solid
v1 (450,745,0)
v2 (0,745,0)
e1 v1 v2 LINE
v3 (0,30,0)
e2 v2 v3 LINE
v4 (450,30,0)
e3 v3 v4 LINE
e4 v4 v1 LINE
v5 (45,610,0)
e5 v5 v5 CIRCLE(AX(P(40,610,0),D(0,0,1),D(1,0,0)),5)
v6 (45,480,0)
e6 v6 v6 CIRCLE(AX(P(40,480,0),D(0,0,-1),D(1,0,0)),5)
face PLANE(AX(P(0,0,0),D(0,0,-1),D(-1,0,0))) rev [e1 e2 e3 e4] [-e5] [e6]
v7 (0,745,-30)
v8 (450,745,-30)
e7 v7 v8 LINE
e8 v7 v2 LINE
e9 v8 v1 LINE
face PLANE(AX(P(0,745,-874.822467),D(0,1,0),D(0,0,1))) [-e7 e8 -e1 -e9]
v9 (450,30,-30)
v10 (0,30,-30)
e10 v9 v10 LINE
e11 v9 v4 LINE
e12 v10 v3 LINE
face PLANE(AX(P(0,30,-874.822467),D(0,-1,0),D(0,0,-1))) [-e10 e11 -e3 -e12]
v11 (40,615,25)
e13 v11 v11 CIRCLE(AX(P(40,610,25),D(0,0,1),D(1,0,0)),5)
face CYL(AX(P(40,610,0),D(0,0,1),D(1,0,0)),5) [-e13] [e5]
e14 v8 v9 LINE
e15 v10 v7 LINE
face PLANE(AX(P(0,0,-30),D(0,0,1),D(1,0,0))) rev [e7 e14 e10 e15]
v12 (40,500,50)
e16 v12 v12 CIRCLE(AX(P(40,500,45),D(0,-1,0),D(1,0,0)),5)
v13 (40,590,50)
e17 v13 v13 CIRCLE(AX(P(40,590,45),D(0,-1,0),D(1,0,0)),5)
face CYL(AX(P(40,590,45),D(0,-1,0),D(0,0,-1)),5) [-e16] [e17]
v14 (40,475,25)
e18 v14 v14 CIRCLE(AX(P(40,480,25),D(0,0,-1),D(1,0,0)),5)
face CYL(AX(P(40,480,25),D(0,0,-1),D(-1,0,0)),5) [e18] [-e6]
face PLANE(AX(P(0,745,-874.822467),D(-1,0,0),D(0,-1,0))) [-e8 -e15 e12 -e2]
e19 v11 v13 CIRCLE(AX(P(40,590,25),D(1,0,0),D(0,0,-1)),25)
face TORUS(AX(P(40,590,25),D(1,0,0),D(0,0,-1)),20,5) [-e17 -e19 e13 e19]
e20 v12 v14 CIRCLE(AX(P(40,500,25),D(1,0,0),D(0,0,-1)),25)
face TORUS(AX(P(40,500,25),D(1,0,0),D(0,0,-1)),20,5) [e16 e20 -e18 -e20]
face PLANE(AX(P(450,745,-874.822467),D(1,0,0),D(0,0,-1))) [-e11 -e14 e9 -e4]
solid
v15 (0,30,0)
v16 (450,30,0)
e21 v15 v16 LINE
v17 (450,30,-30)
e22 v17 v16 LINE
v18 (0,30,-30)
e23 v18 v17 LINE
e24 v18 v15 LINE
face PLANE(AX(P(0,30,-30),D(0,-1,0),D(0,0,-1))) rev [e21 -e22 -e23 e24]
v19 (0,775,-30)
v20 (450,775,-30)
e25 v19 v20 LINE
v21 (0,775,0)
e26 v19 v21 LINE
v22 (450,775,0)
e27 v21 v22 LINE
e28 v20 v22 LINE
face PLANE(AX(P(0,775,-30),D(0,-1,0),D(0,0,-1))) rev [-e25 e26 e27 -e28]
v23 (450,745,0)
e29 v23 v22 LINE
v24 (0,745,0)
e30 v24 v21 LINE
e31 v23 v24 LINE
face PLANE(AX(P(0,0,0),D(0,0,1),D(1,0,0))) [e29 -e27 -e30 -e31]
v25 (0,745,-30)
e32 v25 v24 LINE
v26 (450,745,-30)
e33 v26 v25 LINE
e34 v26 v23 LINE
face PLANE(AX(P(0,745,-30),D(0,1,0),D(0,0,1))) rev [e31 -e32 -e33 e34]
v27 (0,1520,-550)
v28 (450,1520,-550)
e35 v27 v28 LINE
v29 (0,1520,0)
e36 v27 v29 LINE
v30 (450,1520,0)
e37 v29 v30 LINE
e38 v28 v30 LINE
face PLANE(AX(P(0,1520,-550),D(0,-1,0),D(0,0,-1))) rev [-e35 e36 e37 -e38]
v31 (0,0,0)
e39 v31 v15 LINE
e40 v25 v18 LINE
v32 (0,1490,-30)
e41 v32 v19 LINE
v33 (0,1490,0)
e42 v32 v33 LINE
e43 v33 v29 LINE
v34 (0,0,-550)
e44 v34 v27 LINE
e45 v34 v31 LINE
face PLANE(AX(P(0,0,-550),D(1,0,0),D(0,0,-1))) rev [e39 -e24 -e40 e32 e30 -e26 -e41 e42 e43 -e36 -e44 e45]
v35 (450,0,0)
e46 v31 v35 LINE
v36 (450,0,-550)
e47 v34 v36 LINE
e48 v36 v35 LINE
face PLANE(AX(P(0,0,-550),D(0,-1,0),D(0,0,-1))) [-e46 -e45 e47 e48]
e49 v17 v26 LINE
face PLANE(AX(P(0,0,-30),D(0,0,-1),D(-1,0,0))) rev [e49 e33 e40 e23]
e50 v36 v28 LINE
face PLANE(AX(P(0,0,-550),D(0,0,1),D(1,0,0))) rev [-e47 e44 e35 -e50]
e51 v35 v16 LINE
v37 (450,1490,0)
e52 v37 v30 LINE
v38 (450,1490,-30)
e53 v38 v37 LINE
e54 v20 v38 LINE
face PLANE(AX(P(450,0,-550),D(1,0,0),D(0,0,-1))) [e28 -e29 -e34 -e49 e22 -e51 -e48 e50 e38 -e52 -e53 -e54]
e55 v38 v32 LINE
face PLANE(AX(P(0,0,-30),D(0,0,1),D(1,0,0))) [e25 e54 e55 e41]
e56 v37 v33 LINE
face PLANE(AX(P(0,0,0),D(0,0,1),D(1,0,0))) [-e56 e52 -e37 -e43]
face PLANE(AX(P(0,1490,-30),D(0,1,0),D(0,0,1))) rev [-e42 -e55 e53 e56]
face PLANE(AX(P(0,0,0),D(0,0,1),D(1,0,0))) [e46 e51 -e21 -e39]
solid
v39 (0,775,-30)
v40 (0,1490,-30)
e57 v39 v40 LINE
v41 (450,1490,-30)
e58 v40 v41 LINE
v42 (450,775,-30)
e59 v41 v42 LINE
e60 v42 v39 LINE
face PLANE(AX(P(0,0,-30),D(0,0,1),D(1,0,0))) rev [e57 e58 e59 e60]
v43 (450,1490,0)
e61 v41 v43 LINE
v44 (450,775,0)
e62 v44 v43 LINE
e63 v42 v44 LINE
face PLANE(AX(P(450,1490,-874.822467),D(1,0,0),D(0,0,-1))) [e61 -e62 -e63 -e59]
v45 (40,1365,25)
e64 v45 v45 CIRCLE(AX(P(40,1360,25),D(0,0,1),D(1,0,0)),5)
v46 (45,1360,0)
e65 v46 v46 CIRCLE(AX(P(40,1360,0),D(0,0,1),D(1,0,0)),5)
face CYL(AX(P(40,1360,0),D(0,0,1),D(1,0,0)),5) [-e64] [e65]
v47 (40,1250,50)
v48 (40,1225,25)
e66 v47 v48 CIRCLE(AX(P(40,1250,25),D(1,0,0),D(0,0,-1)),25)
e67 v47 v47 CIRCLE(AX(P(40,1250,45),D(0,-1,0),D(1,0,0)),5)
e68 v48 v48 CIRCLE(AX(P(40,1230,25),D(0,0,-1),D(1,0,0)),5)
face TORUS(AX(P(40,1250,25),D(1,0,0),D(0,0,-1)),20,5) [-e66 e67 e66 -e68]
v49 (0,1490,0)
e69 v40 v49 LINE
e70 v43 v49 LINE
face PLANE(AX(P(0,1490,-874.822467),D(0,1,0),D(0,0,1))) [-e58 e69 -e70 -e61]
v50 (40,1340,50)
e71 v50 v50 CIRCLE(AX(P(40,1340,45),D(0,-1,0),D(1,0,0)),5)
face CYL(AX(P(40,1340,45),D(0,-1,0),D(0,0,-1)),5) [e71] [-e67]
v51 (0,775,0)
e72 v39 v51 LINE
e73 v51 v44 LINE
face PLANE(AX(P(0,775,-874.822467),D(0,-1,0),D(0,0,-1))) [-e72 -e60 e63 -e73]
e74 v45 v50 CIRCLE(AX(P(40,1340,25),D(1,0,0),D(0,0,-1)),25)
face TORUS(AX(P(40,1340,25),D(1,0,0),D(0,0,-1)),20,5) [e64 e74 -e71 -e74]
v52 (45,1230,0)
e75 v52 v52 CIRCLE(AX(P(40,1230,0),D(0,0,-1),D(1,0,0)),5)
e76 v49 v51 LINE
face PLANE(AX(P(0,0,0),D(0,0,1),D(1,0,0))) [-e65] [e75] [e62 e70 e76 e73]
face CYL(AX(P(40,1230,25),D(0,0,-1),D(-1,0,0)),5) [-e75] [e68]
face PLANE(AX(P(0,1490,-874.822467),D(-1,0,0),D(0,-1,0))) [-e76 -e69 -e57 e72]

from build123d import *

# Parameters (mm, degrees)
SKETCH1_W             = 450
SKETCH1_H             = 1520
BOSS_EXTRUDE1_DEPTH   = 550
SKETCH2_W             = 450
SKETCH2_H             = 715
CUT_EXTRUDE1_DEPTH    = 30
SKETCH2_2_W           = 450
SKETCH2_2_H           = 715
BOSS_EXTRUDE2_DEPTH   = 30
BOSS_EXTRUDE2_2_DEPTH = 30
SKETCH4_R             = 5
LPATTERN1_COUNT       = 2
LPATTERN1_PITCH       = 750


with BuildPart() as part:
    # Sketch1 → Boss-Extrude1 (new body)
    with BuildSketch(Plane.XY):
        with Locations((225, 760)):
            Rectangle(SKETCH1_W, SKETCH1_H)
    extrude(amount=-BOSS_EXTRUDE1_DEPTH)

    # Sketch2 → Cut-Extrude1 (cut)
    with BuildSketch(Plane.XY):
        with Locations((225, 1132.5)):
            Rectangle(SKETCH2_W, SKETCH2_H)
        with Locations((225, 387.5)):
            Rectangle(SKETCH2_W, SKETCH2_H)
    extrude(amount=-CUT_EXTRUDE1_DEPTH, mode=Mode.SUBTRACT)


with BuildPart() as body_2:
    # Sketch2<2> → Boss-Extrude2 (new body)
    with BuildSketch(Plane.XY):
        with Locations((225, 1132.5)):
            Rectangle(SKETCH2_2_W, SKETCH2_2_H)
    extrude(amount=-BOSS_EXTRUDE2_DEPTH)

    # Sweep5: sweep along a path in Sketch3
    with BuildLine(Plane.ZY.offset(-40)) as sweep5_path:
        Line((0, 1360), (25, 1360))
        ThreePointArc((25, 1360), (39.142135624, 1354.142135624), (45, 1340))
        Line((45, 1340), (45, 1250))
        ThreePointArc((45, 1250), (39.142135624, 1235.857864376), (25, 1230))
        Line((25, 1230), (0, 1230))
    # Sketch4 → Sweep5 (sweep)
    with BuildSketch(Plane.XY):
        with Locations((40, 1360)):
            Circle(SKETCH4_R)
    sweep5 = sweep(path=sweep5_path.line)


with BuildPart() as body_3:
    # Sketch2<2> → Boss-Extrude2 2 (new body)
    with BuildSketch(Plane.XY):
        with Locations((225, 387.5)):
            Rectangle(SKETCH2_2_W, SKETCH2_2_H)
    extrude(amount=-BOSS_EXTRUDE2_2_DEPTH)

    # LPattern1: Sweep5 ×2
    with Locations(*[(0, -i * LPATTERN1_PITCH, 0) for i in range(1, LPATTERN1_COUNT)]):
        add(sweep5)


solid = Compound([part.part, body_2.part, body_3.part])
